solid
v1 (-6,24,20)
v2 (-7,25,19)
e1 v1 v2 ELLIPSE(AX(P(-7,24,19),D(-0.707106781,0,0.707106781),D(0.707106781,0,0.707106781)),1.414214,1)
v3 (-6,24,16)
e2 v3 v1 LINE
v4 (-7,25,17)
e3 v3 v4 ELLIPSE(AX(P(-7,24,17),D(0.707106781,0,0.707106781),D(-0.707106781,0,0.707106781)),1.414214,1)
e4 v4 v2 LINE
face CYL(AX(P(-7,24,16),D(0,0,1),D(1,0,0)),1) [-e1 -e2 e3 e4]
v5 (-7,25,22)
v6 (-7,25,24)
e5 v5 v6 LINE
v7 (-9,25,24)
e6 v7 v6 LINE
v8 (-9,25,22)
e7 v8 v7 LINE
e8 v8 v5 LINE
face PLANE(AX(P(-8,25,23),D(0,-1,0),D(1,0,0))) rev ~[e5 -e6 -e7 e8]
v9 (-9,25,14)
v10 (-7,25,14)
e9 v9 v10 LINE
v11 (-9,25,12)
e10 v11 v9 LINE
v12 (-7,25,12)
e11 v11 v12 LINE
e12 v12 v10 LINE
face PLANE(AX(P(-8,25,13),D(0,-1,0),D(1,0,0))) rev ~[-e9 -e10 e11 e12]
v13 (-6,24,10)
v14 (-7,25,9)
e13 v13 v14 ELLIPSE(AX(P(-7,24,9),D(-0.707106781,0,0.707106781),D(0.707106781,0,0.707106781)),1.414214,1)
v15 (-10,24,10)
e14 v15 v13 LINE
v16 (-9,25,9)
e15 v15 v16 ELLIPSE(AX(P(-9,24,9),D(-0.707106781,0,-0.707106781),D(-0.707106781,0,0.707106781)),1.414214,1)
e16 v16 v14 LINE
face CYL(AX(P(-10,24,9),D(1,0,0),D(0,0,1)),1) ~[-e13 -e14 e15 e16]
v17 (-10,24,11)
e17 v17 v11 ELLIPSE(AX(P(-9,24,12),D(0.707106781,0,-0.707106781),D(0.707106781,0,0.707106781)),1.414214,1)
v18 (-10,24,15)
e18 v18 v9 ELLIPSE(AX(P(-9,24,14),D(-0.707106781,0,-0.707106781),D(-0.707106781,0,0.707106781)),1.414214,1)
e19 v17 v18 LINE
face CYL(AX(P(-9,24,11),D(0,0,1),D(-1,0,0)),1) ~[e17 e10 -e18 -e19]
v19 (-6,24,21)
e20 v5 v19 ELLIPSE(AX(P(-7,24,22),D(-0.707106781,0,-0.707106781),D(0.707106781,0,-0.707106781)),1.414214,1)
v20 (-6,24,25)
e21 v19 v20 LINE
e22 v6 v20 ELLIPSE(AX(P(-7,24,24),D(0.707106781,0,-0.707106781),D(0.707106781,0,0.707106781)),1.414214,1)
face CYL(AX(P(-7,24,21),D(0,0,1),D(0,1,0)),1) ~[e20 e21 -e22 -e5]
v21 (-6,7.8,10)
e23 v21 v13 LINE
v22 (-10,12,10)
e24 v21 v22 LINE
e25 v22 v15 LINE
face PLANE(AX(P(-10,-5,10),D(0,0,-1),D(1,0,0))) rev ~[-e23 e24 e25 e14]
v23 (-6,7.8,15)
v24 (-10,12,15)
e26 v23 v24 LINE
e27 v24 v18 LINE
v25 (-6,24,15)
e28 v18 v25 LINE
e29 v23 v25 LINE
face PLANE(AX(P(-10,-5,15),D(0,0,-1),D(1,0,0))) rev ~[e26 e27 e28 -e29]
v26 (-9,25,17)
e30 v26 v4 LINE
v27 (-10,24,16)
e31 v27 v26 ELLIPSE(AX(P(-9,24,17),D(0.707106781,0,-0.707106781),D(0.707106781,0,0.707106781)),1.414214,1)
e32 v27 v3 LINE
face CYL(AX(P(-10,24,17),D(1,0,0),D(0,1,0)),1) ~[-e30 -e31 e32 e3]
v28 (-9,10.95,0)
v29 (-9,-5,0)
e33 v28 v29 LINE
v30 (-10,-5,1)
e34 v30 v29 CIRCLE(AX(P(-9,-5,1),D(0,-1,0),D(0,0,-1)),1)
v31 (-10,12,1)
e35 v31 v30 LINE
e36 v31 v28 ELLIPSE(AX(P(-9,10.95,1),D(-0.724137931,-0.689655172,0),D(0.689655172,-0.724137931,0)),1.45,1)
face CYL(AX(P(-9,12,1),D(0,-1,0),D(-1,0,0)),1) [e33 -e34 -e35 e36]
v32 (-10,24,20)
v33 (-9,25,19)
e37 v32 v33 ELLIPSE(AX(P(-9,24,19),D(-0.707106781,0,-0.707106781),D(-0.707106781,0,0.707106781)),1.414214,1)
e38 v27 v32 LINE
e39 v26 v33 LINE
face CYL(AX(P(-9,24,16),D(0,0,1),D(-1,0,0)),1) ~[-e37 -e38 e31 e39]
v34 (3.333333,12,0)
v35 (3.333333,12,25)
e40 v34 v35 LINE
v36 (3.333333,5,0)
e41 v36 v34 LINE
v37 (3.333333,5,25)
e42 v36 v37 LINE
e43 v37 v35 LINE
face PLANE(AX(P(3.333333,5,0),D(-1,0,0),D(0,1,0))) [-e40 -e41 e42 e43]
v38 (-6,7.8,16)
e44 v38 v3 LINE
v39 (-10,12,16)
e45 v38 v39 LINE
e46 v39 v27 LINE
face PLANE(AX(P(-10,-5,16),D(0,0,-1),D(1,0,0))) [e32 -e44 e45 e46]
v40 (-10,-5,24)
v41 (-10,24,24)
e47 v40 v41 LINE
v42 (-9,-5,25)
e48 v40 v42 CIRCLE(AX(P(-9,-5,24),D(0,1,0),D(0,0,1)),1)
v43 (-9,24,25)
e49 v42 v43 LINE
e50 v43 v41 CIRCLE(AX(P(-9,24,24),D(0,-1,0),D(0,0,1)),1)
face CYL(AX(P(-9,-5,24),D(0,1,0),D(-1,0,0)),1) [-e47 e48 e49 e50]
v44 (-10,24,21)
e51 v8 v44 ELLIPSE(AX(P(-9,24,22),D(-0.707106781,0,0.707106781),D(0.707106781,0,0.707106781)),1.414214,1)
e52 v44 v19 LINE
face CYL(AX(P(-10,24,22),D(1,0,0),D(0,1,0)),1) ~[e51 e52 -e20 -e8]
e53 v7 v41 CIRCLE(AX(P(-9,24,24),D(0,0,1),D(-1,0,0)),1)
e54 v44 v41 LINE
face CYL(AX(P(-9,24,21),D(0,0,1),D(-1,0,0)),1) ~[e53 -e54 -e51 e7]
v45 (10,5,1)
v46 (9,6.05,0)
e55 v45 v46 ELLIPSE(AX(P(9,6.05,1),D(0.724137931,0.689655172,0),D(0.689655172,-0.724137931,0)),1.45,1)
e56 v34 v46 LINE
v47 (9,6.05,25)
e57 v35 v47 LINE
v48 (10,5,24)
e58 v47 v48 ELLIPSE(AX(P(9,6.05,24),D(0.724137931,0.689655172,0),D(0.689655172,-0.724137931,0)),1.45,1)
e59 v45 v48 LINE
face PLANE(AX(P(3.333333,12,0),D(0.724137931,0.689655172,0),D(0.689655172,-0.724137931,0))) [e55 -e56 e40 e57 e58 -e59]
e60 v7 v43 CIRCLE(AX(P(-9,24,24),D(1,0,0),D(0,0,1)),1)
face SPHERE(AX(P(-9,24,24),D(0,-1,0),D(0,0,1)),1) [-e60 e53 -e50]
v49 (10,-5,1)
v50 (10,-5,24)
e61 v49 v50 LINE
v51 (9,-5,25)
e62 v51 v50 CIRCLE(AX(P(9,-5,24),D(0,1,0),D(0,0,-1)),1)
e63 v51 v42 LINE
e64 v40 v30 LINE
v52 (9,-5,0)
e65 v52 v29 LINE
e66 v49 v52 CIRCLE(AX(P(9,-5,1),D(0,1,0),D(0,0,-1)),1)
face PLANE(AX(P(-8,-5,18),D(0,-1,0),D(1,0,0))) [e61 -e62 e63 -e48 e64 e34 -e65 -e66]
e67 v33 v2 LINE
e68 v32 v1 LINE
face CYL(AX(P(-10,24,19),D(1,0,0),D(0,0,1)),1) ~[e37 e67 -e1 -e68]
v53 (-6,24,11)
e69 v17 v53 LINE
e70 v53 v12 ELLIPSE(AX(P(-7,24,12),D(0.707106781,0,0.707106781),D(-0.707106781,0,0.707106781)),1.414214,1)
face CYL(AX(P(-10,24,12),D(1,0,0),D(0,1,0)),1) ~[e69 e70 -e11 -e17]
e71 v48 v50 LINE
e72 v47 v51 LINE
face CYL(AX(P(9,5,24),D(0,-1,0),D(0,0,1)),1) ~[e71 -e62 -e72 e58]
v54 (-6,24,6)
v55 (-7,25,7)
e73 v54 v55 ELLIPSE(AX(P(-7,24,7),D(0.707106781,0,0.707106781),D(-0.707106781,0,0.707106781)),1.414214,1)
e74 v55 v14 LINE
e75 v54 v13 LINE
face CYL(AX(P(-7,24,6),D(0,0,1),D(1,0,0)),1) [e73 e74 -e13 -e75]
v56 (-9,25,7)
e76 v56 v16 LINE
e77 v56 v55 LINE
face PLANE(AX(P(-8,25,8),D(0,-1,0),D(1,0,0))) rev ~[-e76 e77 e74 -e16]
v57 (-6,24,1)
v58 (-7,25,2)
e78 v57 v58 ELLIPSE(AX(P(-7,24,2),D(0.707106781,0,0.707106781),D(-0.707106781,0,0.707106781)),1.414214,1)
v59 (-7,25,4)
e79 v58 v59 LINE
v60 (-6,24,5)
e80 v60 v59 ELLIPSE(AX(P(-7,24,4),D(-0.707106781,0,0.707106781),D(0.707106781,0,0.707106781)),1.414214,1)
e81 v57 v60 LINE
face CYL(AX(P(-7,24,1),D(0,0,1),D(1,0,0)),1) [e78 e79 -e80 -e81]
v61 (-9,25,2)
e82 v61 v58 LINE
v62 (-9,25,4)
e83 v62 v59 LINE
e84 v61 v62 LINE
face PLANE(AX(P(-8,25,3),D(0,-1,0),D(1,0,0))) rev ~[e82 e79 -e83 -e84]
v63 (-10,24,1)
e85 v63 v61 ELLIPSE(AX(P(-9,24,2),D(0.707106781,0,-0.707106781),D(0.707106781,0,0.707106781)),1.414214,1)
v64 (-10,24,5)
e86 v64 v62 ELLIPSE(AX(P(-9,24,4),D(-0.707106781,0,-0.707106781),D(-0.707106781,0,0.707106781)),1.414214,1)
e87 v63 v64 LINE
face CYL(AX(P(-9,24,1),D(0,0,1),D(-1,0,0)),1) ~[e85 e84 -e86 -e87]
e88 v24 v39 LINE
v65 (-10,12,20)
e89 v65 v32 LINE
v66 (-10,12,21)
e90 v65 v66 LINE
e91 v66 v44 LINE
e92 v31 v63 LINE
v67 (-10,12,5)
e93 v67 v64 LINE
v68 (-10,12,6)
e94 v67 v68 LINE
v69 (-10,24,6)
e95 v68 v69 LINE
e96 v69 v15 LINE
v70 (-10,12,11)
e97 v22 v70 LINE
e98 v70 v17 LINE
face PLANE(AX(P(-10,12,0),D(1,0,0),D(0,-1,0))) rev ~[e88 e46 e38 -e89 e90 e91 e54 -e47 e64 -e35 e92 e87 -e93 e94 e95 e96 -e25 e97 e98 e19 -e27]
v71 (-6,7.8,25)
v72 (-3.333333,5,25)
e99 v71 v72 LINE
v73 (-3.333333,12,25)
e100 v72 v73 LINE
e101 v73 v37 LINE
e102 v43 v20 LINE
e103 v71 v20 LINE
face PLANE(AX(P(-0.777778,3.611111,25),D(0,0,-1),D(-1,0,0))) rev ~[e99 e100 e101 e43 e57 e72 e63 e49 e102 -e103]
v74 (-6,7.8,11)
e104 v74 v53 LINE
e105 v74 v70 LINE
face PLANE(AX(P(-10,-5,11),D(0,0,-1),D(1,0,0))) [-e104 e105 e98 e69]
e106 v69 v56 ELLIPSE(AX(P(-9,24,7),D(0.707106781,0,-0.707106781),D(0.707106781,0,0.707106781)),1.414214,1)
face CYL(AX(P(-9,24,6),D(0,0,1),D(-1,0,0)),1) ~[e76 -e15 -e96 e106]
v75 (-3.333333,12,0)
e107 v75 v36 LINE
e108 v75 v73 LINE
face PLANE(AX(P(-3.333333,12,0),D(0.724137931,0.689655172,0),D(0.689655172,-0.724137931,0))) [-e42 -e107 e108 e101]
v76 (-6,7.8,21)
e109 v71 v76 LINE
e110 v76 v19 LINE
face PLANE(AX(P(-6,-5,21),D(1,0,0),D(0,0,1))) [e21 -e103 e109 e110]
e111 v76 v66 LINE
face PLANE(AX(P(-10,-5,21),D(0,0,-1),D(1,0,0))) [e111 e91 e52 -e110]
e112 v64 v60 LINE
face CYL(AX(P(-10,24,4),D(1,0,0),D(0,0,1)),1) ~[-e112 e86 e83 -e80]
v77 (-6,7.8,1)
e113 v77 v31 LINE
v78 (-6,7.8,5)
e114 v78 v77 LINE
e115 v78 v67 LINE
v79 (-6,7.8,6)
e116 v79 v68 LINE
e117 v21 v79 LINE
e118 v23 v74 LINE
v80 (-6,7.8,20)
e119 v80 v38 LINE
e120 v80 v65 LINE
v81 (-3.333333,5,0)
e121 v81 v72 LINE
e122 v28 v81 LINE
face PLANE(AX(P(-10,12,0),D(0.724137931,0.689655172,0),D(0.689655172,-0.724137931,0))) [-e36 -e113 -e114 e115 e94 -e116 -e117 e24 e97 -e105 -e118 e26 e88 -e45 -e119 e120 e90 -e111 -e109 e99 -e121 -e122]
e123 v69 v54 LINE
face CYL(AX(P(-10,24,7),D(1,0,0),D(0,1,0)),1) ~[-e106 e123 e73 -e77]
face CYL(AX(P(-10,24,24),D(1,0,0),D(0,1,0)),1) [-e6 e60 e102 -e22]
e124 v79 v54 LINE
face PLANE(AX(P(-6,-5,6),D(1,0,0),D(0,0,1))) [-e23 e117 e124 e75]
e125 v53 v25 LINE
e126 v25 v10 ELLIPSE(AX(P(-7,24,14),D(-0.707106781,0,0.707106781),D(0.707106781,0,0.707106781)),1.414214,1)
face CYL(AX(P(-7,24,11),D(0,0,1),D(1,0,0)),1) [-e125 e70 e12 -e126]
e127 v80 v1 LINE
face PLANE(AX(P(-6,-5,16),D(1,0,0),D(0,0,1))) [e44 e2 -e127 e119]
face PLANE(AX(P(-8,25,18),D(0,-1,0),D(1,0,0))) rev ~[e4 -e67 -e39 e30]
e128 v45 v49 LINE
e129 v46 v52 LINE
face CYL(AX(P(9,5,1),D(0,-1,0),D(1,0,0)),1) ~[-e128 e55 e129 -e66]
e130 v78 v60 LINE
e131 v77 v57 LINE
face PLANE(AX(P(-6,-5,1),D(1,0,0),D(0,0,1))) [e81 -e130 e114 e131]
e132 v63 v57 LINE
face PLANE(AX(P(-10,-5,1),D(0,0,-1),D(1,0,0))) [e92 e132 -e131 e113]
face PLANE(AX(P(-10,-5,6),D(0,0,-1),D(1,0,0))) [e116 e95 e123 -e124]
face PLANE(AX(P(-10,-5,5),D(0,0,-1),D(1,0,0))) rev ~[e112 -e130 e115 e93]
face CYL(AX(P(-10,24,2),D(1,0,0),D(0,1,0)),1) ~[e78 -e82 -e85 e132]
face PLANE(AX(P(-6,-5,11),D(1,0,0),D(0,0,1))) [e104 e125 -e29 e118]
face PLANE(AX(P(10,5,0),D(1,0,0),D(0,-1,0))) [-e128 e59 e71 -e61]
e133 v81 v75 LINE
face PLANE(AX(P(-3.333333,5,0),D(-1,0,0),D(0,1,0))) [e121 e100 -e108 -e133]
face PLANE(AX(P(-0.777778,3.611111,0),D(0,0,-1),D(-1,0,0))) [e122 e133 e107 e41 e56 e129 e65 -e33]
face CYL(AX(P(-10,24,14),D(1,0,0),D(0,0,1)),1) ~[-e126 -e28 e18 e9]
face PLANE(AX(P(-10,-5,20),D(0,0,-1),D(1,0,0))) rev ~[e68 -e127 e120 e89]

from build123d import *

# Parameters (mm, degrees)
EXTRUDE_1_DEPTH        = 25
SKETCH_2_W             = 4
SKETCH_2_H             = 4
EXTRUDE_2_DEPTH        = 30
PATTERN_LINEAR_1_COUNT = 5
PATTERN_LINEAR_1_PITCH = 5
FILLET_1_R             = 1


with BuildPart() as part:
    # 草图1 → 凸台-拉伸1 (new body)
    with BuildSketch(Plane.XY):
        Polygon((-10, 5), (-10, 12), (-3.333333333, 5), (-3.333333333, 12), (3.333333333, 5), (3.333333333, 12), (10, 5), (10, -5), (-10, -5), align=None)
    extrude(amount=EXTRUDE_1_DEPTH)

    # 草图2 → 凸台-拉伸2 (add)
    with BuildSketch(Plane.XZ.offset(5)):
        with Locations((-8, 23)):
            Rectangle(SKETCH_2_W, SKETCH_2_H)
    extrude_2 = extrude(amount=-EXTRUDE_2_DEPTH)

    # 阵列(线性)1: 凸台-拉伸2 ×5
    with Locations(*[(0, 0, -i * PATTERN_LINEAR_1_PITCH) for i in range(1, PATTERN_LINEAR_1_COUNT)]):
        add(extrude_2)

    # 圆角1
    fillet_1_edges = [part.edges().sort_by_distance(p)[0] for p in [
        (-10, 25, 3),
        (-8, 25, 5),
        (-6, 25, 3),
        (-8, 25, 1),
        (-10, 10, 25),
        (10, 0, 25),
        (-8, 25, 25),
        (-8, 25, 21),
        (-10, 25, 23),
        (-6, 25, 23),
        (-10, 25, 18),
        (-8, 25, 20),
        (-6, 25, 18),
        (-8, 25, 16),
        (-10, 25, 13),
        (-8, 25, 15),
        (-6, 25, 13),
        (-8, 25, 11),
        (10, 0, 0),
        (-10, 25, 8),
        (-8, 25, 10),
        (-6, 25, 8),
        (-8, 25, 6),
        (-10, 3.5, 0),
    ]]
    fillet(fillet_1_edges, radius=FILLET_1_R)


solid = part.part
